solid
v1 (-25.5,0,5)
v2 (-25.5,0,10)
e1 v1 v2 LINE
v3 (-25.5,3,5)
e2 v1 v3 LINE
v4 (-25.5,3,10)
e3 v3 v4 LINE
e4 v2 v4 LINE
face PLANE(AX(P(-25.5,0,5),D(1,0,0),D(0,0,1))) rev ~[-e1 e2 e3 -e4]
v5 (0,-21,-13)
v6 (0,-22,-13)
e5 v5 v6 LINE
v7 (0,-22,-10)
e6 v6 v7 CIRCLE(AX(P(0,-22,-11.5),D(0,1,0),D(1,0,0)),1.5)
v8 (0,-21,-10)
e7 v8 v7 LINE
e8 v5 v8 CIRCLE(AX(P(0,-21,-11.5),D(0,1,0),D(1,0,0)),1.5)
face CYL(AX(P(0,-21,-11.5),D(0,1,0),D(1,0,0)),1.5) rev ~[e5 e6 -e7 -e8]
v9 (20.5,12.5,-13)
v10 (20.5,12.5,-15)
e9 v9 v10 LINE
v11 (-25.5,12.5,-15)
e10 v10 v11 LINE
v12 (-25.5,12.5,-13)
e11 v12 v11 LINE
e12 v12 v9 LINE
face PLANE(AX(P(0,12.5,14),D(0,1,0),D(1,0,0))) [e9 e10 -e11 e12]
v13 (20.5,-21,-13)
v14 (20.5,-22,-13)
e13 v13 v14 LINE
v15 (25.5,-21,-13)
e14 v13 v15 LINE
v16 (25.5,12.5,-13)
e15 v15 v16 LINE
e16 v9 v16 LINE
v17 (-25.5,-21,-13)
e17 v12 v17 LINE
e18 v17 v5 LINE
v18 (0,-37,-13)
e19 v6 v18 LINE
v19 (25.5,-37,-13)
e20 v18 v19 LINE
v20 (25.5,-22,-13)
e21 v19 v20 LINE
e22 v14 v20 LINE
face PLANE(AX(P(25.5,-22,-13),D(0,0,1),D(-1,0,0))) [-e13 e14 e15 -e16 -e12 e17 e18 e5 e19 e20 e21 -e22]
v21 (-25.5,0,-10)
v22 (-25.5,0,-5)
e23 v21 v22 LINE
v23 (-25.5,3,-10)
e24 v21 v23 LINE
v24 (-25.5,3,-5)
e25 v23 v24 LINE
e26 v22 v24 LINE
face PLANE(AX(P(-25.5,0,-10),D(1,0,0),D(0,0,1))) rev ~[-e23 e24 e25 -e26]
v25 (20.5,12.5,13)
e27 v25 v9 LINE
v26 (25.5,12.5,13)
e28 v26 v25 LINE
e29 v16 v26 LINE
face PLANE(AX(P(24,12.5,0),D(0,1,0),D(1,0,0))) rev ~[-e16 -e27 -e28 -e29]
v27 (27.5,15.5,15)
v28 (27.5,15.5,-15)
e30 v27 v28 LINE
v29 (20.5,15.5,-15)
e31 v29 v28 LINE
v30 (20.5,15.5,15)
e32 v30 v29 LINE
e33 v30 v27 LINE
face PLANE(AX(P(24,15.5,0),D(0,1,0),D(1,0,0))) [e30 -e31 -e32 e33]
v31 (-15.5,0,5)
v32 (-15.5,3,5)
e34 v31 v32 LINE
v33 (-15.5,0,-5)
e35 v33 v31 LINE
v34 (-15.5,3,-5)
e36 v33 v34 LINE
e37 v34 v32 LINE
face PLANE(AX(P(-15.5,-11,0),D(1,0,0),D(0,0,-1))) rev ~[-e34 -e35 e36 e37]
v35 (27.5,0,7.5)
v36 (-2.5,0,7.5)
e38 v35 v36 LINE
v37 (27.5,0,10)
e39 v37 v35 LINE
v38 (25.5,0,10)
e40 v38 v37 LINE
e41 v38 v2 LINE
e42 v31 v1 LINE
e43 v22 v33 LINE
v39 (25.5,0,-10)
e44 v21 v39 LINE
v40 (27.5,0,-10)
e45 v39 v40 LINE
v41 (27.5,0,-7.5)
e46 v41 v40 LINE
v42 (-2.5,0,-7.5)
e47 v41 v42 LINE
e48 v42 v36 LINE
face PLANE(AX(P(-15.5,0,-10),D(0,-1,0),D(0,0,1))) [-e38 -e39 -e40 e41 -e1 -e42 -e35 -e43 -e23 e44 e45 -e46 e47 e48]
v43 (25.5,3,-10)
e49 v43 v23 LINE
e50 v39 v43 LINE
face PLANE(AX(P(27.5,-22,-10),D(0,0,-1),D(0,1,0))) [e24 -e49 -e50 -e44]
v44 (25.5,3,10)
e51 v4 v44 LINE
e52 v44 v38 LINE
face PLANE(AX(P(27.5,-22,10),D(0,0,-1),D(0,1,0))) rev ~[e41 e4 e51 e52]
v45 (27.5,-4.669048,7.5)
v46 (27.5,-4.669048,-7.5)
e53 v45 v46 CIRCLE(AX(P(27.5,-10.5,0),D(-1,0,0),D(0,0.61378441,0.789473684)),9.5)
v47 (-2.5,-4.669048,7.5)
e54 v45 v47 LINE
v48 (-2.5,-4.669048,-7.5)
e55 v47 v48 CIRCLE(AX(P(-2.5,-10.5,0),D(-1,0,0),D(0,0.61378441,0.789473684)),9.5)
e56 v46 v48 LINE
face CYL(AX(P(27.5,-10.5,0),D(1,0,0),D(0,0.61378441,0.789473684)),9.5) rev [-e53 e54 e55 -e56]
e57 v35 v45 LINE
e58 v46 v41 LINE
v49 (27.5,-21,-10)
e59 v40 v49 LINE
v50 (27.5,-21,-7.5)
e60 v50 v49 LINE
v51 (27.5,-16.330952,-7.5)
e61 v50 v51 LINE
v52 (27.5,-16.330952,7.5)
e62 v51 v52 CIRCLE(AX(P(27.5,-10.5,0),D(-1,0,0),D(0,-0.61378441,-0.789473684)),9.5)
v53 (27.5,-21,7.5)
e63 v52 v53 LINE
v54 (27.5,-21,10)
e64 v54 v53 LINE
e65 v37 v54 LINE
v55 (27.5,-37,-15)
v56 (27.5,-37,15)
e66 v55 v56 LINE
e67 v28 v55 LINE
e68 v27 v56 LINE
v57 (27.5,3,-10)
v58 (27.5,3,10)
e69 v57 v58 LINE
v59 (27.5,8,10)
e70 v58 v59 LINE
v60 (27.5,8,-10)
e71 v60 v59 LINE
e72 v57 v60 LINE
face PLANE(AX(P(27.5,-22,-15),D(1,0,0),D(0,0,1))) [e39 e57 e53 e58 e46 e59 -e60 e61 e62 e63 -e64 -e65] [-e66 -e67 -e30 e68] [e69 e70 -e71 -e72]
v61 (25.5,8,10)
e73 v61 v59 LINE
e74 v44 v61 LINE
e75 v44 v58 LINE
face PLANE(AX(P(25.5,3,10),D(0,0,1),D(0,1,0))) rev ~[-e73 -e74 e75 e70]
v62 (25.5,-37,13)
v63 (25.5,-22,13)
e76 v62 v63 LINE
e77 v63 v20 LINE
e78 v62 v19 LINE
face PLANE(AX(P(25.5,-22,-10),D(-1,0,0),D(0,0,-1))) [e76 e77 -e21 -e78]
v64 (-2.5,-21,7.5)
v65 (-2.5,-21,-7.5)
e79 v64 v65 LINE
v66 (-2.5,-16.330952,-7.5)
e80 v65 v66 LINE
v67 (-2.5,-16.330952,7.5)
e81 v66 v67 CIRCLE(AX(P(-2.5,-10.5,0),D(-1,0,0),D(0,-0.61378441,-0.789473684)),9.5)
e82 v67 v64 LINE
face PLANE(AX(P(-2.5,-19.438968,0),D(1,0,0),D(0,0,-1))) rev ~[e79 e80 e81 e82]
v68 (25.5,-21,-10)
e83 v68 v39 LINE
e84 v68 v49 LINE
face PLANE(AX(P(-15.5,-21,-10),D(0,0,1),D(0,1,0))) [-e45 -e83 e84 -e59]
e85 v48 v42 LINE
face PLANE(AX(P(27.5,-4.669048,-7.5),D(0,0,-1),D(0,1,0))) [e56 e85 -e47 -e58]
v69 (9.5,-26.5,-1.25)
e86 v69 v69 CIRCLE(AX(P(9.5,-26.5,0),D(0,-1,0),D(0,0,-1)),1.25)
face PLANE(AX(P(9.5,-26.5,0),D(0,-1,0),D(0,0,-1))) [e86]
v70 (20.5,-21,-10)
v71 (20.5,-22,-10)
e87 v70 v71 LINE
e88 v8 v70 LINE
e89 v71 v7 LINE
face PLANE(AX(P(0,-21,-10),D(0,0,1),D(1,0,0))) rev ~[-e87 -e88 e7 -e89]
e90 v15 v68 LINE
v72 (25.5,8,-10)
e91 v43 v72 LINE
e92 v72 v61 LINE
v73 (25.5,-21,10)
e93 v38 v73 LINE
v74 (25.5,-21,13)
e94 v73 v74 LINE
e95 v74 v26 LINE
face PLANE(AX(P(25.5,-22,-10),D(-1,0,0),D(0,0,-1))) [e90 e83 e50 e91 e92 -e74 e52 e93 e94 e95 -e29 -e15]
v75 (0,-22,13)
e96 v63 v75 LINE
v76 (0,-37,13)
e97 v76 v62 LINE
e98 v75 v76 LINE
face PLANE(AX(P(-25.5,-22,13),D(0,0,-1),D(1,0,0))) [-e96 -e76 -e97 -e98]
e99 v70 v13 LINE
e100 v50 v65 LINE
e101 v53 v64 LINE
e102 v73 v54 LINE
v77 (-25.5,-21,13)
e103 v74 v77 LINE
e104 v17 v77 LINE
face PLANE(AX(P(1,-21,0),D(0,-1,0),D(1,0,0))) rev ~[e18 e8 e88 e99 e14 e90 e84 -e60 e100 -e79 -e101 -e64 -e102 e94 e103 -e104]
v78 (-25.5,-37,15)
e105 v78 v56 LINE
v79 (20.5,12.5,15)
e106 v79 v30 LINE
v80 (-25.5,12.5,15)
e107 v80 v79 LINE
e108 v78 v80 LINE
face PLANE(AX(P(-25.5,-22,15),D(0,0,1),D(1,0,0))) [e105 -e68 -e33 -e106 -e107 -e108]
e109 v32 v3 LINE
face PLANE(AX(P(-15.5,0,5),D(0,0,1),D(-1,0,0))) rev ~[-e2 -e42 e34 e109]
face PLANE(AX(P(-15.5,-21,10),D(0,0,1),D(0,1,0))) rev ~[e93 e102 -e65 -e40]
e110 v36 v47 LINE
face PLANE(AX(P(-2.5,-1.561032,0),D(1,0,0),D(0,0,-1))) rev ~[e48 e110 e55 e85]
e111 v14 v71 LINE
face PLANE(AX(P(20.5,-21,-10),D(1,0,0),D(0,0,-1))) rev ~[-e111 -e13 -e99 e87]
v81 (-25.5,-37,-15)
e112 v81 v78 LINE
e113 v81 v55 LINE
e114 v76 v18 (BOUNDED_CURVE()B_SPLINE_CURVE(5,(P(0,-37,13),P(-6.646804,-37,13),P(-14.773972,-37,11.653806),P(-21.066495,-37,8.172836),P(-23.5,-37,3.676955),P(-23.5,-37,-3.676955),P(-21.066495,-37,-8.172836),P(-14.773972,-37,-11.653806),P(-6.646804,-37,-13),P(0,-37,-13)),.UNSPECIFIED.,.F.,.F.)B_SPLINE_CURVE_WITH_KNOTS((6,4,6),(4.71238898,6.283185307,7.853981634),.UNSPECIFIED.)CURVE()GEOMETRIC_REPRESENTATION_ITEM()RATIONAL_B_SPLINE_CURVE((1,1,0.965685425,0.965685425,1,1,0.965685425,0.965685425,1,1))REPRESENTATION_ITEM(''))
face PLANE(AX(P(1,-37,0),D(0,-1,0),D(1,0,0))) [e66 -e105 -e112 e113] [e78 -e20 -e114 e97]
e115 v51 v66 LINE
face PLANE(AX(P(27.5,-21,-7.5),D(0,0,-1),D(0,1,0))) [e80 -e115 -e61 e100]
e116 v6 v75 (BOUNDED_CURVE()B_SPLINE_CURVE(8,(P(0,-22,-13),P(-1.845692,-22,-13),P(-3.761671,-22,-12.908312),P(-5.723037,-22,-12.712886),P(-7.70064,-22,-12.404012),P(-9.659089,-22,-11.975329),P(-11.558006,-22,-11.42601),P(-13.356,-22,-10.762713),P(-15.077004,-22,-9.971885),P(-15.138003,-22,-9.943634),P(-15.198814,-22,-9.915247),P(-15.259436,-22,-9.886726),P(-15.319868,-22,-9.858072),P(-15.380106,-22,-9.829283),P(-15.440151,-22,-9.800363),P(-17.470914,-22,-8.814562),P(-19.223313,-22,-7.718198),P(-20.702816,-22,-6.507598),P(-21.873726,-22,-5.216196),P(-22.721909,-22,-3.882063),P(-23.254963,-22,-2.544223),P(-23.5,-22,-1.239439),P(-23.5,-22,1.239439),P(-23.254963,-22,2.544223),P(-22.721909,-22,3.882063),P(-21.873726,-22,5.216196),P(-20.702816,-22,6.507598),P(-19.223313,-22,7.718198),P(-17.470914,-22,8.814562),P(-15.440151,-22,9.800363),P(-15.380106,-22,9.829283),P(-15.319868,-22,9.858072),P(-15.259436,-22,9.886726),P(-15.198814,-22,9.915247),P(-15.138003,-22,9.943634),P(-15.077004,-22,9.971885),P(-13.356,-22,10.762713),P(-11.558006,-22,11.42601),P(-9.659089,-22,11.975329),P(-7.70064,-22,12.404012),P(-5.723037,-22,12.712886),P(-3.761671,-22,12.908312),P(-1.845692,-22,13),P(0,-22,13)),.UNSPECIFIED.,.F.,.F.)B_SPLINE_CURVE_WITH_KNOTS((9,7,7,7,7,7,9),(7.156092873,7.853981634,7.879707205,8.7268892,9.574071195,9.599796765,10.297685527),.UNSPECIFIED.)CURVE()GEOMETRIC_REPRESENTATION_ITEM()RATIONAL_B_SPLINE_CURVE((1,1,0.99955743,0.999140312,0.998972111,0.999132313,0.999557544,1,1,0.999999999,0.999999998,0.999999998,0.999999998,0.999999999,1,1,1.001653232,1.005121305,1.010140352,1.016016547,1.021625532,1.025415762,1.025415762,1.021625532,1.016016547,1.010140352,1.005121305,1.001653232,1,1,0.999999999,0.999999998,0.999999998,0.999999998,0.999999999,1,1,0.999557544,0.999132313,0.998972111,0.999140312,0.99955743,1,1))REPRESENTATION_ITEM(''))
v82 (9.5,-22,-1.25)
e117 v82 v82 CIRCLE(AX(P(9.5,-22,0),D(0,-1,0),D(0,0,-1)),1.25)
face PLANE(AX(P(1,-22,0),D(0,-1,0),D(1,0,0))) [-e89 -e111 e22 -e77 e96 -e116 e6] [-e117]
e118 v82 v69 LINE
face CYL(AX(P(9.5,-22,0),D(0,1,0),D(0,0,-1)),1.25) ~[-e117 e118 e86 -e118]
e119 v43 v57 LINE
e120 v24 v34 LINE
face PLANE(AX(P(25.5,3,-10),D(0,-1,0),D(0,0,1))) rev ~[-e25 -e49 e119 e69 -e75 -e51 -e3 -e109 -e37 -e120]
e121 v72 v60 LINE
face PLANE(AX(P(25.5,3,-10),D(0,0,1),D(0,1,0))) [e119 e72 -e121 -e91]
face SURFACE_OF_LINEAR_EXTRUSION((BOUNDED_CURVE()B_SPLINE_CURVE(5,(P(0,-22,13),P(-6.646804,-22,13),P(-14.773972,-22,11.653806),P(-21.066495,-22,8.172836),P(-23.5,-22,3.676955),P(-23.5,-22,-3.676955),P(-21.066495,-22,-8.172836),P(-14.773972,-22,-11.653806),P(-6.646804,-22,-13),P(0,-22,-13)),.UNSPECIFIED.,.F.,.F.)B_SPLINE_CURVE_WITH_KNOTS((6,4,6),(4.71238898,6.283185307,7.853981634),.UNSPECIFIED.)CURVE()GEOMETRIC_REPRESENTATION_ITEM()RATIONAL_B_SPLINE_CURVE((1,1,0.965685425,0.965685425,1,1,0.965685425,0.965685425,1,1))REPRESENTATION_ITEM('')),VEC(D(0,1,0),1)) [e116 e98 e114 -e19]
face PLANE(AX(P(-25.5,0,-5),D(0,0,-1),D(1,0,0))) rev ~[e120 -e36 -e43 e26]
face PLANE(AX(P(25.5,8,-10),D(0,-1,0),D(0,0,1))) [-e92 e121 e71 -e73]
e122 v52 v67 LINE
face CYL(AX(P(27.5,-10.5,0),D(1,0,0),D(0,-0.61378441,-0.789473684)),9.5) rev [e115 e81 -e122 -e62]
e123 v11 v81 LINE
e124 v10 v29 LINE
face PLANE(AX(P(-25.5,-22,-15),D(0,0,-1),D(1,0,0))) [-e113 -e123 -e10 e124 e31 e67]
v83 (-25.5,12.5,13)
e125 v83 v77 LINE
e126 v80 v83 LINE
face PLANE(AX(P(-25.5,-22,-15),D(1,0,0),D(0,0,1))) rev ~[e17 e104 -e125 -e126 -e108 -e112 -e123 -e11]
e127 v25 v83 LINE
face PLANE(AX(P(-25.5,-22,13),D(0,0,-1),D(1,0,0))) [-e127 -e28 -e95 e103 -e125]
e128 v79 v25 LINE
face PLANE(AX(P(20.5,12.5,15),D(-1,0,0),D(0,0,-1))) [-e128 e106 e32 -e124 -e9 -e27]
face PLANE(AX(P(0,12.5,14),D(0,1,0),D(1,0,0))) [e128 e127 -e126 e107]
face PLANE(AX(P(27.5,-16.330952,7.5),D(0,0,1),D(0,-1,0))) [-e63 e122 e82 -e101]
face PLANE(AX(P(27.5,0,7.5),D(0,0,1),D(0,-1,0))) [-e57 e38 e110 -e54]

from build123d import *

# Parameters (mm, degrees)
SKETCH1_W            = 51
SKETCH1_H            = 2
SKETCH1_W_2          = 2
BOSS_EXTRUDE1_DEPTH  = 12.5
BOSS_EXTRUDE2_DEPTH  = 3
SKETCH3_W            = 20
SKETCH3_H            = 5
CUT_EXTRUDE1_DEPTH   = 3
SKETCH4_W            = 7
SKETCH4_H            = 30
BOSS_EXTRUDE3_DEPTH  = 3
SKETCH5_W            = 20
SKETCH5_H            = 22
SKETCH5_W_2          = 18
SKETCH5_H_2          = 20
BOSS_EXTRUDE4_DEPTH  = 43
SKETCH6_R            = 1.25
BOSS_EXTRUDE5_DEPTH  = 4.5
SKETCH8_W            = 53
SKETCH8_H            = 30
BOSS_EXTRUDE9_DEPTH  = 15
SKETCH8_6_W          = 2
SKETCH8_6_H          = 2
BOSS_EXTRUDE10_DEPTH = 22
SKETCH9_W            = 53
SKETCH9_H            = 30
BOSS_EXTRUDE11_DEPTH = 1
SKETCH10_W           = 20
SKETCH10_H           = 21
CUT_EXTRUDE2_DEPTH   = 59.677082571
BOSS_EXTRUDE14_DEPTH = 30
SKETCH14_R           = 1.5
SKETCH14_W           = 20.5
SKETCH14_H           = 3
CUT_EXTRUDE4_DEPTH   = 49.098856624


with BuildPart() as part:
    # Sketch1 → Boss-Extrude1 (new body)
    with BuildSketch(Plane(origin=(0, 0, 0), x_dir=(1, 0, 0), z_dir=(0, 1, 0))):
        with Locations((0, -14)):
            Rectangle(SKETCH1_W, SKETCH1_H)
        with Locations((26.5, -14)):
            Rectangle(SKETCH1_W_2, SKETCH1_H)
        Polygon((25.5, -10), (25.5, -13), (27.5, -13), (27.5, 13), (25.5, 13), (25.5, 10), align=None)
        with Locations((0, 14)):
            Rectangle(SKETCH1_W, SKETCH1_H)
        with Locations((26.5, 14)):
            Rectangle(SKETCH1_W_2, SKETCH1_H)
    extrude(amount=BOSS_EXTRUDE1_DEPTH)

    # Sketch1<3> → Boss-Extrude2 (add)
    with BuildSketch(Plane(origin=(0, 0, 0), x_dir=(1, 0, 0), z_dir=(0, 1, 0))):
        Polygon((-25.5, -5), (-25.5, -10), (25.5, -10), (25.5, 10), (-25.5, 10), (-25.5, 5), (-15.5, 5), (-15.5, -5), align=None)
    extrude(amount=BOSS_EXTRUDE2_DEPTH)

    # Sketch3 → Cut-Extrude1 (cut)
    with BuildSketch(Plane.ZY.offset(-25.5)):
        with Locations((0, 5.5)):
            Rectangle(SKETCH3_W, SKETCH3_H)
    extrude(amount=-CUT_EXTRUDE1_DEPTH, mode=Mode.SUBTRACT)

    # Sketch4 → Boss-Extrude3 (add)
    with BuildSketch(Plane(origin=(0, 12.5, 0), x_dir=(1, 0, 0), z_dir=(0, 1, 0))):
        with Locations((24, 0)):
            Rectangle(SKETCH4_W, SKETCH4_H)
    extrude(amount=BOSS_EXTRUDE3_DEPTH)

    # Sketch5 → Boss-Extrude4 (add)
    with BuildSketch(Plane(origin=(27.5, 0, 0), x_dir=(0, 0, -1), z_dir=(1, 0, 0))):
        with Locations((0, -11)):
            Rectangle(SKETCH5_W, SKETCH5_H)
        with Locations((0, -11)):
            Rectangle(SKETCH5_W_2, SKETCH5_H_2, mode=Mode.SUBTRACT)
    extrude(amount=-BOSS_EXTRUDE4_DEPTH)

    # Sketch6 → Boss-Extrude5 (add)
    with BuildSketch(Plane.XZ.offset(22)):
        with Locations(Location((9.5, 0, 0), (0, 0, 270))):
            Circle(SKETCH6_R)
    extrude(amount=BOSS_EXTRUDE5_DEPTH)



with BuildPart() as body_2:
    # Sketch8 → Boss-Extrude9 (new body)
    with BuildSketch(Plane.XZ.offset(22)):
        with Locations((1, 0)):
            Rectangle(SKETCH8_W, SKETCH8_H)
        with BuildLine():
            add(Edge.make_bspline(
                [(0, 13), (-23.5, 13), (-23.5, 0)],
                knots=[4.71238898, 4.71238898, 4.71238898, 6.283185307, 6.283185307, 6.283185307], degree=2, weights=[1, 0.707106781, 1]))
            Line((0, 13), (25.5, 13))
            Line((25.5, 13), (25.5, -13))
            Line((25.5, -13), (0, -13))
            add(Edge.make_bspline(
                [(-23.5, 0), (-23.5, -13), (0, -13)],
                knots=[0, 0, 0, 1.570796327, 1.570796327, 1.570796327], degree=2, weights=[1, 0.707106781, 1]))
        make_face(mode=Mode.SUBTRACT)
    extrude(amount=BOSS_EXTRUDE9_DEPTH)


with BuildPart() as part_1:
    add(part.part)

    add(body_2.part)  # Boss-Extrude10 merges body 2
    # Sketch8<6> → Boss-Extrude10 (add)
    with BuildSketch(Plane.XZ.offset(22)):
        Polygon((-23.5, -15), (25.5, -15), (25.5, -13), (0, -13), (-23.5, -13), align=None)
        Polygon((25.5, 13), (25.5, 15), (-23.5, 15), (-23.5, 13), (0, 13), align=None)
        with Locations((-24.5, -14)):
            Rectangle(SKETCH8_6_W, SKETCH8_6_H)
        with Locations((-24.5, 14)):
            Rectangle(SKETCH8_6_W, SKETCH8_6_H)
        Polygon((27.5, 10), (27.5, 15), (25.5, 15), (25.5, 13), (25.5, 10), align=None)
        Polygon((27.5, -15), (27.5, -10), (25.5, -10), (25.5, -13), (25.5, -15), align=None)
    extrude(amount=-BOSS_EXTRUDE10_DEPTH)

    # Sketch9 → Boss-Extrude11 (add)
    with BuildSketch(Plane.XZ.offset(22)):
        with Locations((1, 0)):
            Rectangle(SKETCH9_W, SKETCH9_H)
    extrude(amount=-BOSS_EXTRUDE11_DEPTH)

    # Sketch10 → Cut-Extrude2 (cut, through all)
    with BuildSketch(Plane.ZY.offset(15.5)):
        with Locations((0, -10.5)):
            Rectangle(SKETCH10_W, SKETCH10_H)
    extrude(amount=-CUT_EXTRUDE2_DEPTH, mode=Mode.SUBTRACT)

    # Sketch12 → Boss-Extrude14 (add)
    with BuildSketch(Plane(origin=(27.5, 0, 0), x_dir=(0, 0, -1), z_dir=(1, 0, 0))):
        with BuildLine():
            Line((-7.5, 0), (-7.5, -4.669048105))
            ThreePointArc((-7.5, -4.669048105), (0, -1), (7.5, -4.669048105))
            Line((7.5, -4.669048105), (7.5, 0))
            Line((7.5, 0), (-7.5, 0))
        make_face()
        with BuildLine():
            Line((-7.5, -16.330951895), (-7.5, -21))
            Line((-7.5, -21), (7.5, -21))
            Line((7.5, -21), (7.5, -16.330951895))
            ThreePointArc((7.5, -16.330951895), (0, -20), (-7.5, -16.330951895))
        make_face()
    extrude(amount=-BOSS_EXTRUDE14_DEPTH)

    # Sketch14 → Cut-Extrude4 (cut, through all)
    with BuildSketch(Plane(origin=(0, -21, 0), x_dir=(1, 0, 0), z_dir=(0, 1, 0))):
        with Locations((0, 11.5)):
            Circle(SKETCH14_R)
        with Locations((10.25, 11.5)):
            Rectangle(SKETCH14_W, SKETCH14_H)
    extrude(amount=-CUT_EXTRUDE4_DEPTH, mode=Mode.SUBTRACT)


solid = part_1.part
